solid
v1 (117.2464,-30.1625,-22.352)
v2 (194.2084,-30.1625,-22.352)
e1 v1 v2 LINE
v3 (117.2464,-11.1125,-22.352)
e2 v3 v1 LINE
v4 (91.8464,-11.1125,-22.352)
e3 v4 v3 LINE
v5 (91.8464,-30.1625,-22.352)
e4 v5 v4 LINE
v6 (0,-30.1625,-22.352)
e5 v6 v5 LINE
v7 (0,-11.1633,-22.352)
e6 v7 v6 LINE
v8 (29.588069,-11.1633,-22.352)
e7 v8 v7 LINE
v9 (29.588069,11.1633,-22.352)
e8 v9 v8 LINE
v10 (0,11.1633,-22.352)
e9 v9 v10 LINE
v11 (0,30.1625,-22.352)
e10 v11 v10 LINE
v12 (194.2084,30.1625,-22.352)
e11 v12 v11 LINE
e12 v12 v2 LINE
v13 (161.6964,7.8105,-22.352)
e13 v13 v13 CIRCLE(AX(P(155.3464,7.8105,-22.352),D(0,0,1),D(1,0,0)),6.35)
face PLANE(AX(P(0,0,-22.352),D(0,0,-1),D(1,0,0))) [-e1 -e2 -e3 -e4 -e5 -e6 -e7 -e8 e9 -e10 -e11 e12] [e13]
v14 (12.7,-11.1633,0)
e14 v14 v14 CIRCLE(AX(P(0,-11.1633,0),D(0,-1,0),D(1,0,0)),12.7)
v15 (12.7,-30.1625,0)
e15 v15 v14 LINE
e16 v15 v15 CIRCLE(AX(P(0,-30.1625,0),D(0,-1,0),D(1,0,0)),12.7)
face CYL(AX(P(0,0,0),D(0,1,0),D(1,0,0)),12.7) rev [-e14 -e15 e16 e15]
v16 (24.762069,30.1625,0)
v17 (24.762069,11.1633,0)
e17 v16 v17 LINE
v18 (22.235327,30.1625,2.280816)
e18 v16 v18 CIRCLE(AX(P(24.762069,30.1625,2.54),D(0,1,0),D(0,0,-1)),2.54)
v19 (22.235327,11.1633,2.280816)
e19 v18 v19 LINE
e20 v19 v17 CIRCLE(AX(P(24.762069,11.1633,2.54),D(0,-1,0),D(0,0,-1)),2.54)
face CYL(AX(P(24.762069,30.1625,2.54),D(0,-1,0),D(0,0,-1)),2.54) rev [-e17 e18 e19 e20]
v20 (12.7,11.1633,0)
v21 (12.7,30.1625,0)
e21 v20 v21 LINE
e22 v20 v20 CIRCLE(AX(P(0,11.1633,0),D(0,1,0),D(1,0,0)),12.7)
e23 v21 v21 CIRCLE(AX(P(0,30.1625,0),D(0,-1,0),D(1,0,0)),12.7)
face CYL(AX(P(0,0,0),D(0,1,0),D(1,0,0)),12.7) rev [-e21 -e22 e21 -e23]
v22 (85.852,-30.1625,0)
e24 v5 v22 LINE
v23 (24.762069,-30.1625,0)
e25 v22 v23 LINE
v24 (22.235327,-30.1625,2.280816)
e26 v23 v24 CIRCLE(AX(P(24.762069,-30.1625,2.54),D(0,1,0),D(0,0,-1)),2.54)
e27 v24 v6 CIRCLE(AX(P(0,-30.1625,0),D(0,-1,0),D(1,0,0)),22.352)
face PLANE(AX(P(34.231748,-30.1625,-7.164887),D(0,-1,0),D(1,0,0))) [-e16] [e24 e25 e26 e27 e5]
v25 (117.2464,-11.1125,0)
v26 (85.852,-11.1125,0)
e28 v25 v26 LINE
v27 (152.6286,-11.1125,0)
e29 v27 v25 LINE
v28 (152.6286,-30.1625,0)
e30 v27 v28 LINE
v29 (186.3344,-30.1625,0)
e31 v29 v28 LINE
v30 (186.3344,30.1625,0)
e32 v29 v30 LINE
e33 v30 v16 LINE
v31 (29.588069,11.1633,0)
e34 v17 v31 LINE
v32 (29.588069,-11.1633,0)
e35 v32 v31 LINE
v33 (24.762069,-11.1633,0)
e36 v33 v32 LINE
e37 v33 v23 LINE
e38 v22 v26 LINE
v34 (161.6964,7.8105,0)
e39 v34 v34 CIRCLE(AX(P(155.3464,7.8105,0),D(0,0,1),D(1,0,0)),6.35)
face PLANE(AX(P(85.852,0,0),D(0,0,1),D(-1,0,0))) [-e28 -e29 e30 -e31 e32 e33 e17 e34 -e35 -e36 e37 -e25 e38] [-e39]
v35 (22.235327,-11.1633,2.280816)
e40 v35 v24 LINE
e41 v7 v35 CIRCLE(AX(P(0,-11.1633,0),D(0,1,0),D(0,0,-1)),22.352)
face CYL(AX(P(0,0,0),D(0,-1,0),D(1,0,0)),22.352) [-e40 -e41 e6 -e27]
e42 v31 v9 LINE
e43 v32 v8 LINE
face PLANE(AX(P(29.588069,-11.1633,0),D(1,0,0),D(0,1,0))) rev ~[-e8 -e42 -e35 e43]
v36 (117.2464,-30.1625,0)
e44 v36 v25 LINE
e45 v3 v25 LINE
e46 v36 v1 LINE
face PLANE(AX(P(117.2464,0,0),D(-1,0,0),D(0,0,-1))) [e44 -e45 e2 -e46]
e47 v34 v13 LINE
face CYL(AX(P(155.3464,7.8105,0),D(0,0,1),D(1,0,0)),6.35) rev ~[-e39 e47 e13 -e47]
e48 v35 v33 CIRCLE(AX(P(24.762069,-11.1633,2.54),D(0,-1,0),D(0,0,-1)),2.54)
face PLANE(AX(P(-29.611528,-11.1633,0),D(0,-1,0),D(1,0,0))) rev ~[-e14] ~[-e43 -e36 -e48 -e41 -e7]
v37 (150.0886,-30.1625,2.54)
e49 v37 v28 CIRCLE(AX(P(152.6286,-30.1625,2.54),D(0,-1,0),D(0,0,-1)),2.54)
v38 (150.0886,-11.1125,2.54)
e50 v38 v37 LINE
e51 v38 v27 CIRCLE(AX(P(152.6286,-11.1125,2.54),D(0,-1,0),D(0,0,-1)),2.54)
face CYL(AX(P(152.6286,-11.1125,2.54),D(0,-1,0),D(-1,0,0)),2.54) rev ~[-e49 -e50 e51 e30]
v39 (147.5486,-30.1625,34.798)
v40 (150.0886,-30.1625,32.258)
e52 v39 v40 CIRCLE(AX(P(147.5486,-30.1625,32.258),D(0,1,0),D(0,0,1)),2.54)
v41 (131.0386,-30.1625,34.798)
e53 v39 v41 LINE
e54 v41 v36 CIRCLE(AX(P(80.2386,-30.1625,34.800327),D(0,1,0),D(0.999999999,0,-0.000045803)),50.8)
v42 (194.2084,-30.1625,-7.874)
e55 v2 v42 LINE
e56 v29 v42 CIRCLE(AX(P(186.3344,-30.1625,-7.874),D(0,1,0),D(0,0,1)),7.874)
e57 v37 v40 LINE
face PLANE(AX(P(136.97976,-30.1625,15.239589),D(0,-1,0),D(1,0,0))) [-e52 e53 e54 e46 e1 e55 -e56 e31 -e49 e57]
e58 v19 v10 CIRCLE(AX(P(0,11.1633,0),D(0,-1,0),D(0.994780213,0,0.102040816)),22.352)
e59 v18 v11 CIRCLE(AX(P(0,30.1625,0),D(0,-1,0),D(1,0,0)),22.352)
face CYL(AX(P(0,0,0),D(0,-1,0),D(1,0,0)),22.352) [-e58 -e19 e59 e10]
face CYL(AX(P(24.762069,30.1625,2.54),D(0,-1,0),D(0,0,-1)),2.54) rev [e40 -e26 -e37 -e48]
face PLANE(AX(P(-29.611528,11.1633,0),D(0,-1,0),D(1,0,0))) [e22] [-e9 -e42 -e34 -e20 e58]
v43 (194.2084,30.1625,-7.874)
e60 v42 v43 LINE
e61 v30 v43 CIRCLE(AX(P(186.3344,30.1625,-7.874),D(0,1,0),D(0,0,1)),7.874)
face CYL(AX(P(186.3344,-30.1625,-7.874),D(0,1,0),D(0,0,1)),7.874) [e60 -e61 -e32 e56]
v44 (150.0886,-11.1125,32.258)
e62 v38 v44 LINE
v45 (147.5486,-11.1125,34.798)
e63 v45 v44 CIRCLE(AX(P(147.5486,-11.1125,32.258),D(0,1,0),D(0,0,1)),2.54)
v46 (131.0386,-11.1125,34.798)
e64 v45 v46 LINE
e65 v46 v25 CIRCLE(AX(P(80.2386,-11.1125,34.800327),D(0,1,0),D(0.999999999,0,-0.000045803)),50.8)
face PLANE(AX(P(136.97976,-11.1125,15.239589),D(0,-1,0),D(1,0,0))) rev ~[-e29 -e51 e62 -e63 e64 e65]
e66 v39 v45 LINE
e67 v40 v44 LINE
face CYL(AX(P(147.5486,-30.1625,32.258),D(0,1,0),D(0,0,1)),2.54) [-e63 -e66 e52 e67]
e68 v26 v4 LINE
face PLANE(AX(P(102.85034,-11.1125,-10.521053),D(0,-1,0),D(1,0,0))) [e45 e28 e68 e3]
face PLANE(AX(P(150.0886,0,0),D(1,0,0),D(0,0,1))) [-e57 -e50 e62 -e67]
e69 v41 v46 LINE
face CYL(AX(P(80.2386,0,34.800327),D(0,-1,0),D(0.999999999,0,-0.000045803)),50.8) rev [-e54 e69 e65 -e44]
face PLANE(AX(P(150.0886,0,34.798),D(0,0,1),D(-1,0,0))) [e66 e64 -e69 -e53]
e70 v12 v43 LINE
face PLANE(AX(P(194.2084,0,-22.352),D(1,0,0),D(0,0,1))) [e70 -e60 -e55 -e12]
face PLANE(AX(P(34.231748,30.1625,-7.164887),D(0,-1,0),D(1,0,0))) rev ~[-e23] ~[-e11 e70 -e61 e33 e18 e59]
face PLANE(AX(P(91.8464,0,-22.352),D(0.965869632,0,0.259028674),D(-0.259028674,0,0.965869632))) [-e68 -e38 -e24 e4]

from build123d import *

# Parameters (mm, degrees)
F0_R      = 12.7
F1_DEPTH  = 30.1625
F2_R      = 7.874
F3_R      = 2.54
F4_DEPTH  = 30.1625
F5_DEPTH  = 19.05
F6_DEPTH  = 41.275
F8_R      = 2.54
F9_R      = 6.35
F10_DEPTH = 22.353
F11_W     = 59.1995969771
F11_H     = 22.3266
F12_DEPTH = 34.799
F13_DEPTH = 45.212


with BuildPart() as f1:
    # F0 (on Front) → F1 (new body, symmetric)
    with BuildSketch(Plane.XZ):
        with BuildLine():
            Line((85.852, 0), (22.352, 0))
            ThreePointArc((22.352, 0), (-15.8052507731, 15.8052507731), (0, -22.352))
            Line((0, -22.352), (91.8464, -22.352))
            Line((91.8464, -22.352), (85.852, 0))
        make_face()
        Circle(F0_R, mode=Mode.SUBTRACT)
    extrude(amount=F1_DEPTH, both=True)

    # F3
    f3_edges = [f1.edges().sort_by_distance(p)[0] for p in [
        (22.352, 0, 0),
    ]]
    fillet(f3_edges, radius=F3_R)


with BuildPart() as f1b:
    # F0 (on Front) → F1, piece 2 (new body, symmetric)
    with BuildSketch(Plane.XZ):
        Polygon((150.0886, 0), (117.2464, 0), (117.2464, -22.352), (194.2084, -22.352), (194.2084, 0), align=None)
    extrude(amount=F1_DEPTH, both=True)

    # F2
    f2_edges = [f1b.edges().sort_by_distance(p)[0] for p in [
        (194.2084, 0, 0),
    ]]
    fillet(f2_edges, radius=F2_R)


with BuildPart() as f4:
    # F0 (on Front) → F4 (new body, symmetric)
    with BuildSketch(Plane.XZ):
        Polygon((117.2464, 0), (85.852, 0), (91.8464, -22.352), (117.2464, -22.352), align=None)
    extrude(amount=F4_DEPTH, both=True)

    # F5 (cut): a face of the model
    f5_faces = [f4.faces().sort_by_distance(p)[0] for p in [
        (102.995076446, -30.1625, -10.7828073942),
    ]]
    extrude(f5_faces, amount=-F5_DEPTH, mode=Mode.SUBTRACT)


with BuildPart() as f4b:
    # F0 (on Front) → F4, piece 2 (new body, symmetric)
    with BuildSketch(Plane.XZ):
        with BuildLine():
            ThreePointArc((131.0386, 34.798), (127.4644153616, 16.0823576341), (117.2464, 0))
            Line((117.2464, 0), (150.0886, 0))
            Line((150.0886, 0), (150.0886, 34.798))
            Line((150.0886, 34.798), (131.0386, 34.798))
        make_face()
    extrude(amount=F4_DEPTH, both=True)

    # F6 (cut): a face of the model
    f6_faces = [f4b.faces().sort_by_distance(p)[0] for p in [
        (138.0621984193, 30.1625, 15.7456064231),
    ]]
    extrude(f6_faces, amount=-F6_DEPTH, mode=Mode.SUBTRACT)


with BuildPart() as f1b_1:
    add(f1b.part)

    # F7: union F4, F1, F4b
    add(f4.part)
    add(f1.part)
    add(f4b.part)

    # F8
    f8_edges = [f1b_1.edges().sort_by_distance(p)[0] for p in [
        (150.0886, -20.6375, 34.798),
        (150.0886, -20.6375, 0),
    ]]
    fillet(f8_edges, radius=F8_R)

    # F9 (on face) → F10 (cut, through all)
    with BuildSketch(Plane.XY):
        with Locations((155.3464, 7.8105)):
            Circle(F9_R)
    extrude(amount=-F10_DEPTH, mode=Mode.SUBTRACT)

    # F11 (on Top) → F12 (cut, through all)
    with BuildSketch(Plane.XY):
        with Locations((-0.0117294312, 0)):
            Rectangle(F11_W, F11_H)
    extrude(amount=F12_DEPTH, mode=Mode.SUBTRACT)

    # F11 (on Top) → F13 (cut)
    with BuildSketch(Plane.XY):
        with Locations((-0.0117294312, 0)):
            Rectangle(F11_W, F11_H)
    extrude(amount=-F13_DEPTH, mode=Mode.SUBTRACT)


solid = f1b_1.part
